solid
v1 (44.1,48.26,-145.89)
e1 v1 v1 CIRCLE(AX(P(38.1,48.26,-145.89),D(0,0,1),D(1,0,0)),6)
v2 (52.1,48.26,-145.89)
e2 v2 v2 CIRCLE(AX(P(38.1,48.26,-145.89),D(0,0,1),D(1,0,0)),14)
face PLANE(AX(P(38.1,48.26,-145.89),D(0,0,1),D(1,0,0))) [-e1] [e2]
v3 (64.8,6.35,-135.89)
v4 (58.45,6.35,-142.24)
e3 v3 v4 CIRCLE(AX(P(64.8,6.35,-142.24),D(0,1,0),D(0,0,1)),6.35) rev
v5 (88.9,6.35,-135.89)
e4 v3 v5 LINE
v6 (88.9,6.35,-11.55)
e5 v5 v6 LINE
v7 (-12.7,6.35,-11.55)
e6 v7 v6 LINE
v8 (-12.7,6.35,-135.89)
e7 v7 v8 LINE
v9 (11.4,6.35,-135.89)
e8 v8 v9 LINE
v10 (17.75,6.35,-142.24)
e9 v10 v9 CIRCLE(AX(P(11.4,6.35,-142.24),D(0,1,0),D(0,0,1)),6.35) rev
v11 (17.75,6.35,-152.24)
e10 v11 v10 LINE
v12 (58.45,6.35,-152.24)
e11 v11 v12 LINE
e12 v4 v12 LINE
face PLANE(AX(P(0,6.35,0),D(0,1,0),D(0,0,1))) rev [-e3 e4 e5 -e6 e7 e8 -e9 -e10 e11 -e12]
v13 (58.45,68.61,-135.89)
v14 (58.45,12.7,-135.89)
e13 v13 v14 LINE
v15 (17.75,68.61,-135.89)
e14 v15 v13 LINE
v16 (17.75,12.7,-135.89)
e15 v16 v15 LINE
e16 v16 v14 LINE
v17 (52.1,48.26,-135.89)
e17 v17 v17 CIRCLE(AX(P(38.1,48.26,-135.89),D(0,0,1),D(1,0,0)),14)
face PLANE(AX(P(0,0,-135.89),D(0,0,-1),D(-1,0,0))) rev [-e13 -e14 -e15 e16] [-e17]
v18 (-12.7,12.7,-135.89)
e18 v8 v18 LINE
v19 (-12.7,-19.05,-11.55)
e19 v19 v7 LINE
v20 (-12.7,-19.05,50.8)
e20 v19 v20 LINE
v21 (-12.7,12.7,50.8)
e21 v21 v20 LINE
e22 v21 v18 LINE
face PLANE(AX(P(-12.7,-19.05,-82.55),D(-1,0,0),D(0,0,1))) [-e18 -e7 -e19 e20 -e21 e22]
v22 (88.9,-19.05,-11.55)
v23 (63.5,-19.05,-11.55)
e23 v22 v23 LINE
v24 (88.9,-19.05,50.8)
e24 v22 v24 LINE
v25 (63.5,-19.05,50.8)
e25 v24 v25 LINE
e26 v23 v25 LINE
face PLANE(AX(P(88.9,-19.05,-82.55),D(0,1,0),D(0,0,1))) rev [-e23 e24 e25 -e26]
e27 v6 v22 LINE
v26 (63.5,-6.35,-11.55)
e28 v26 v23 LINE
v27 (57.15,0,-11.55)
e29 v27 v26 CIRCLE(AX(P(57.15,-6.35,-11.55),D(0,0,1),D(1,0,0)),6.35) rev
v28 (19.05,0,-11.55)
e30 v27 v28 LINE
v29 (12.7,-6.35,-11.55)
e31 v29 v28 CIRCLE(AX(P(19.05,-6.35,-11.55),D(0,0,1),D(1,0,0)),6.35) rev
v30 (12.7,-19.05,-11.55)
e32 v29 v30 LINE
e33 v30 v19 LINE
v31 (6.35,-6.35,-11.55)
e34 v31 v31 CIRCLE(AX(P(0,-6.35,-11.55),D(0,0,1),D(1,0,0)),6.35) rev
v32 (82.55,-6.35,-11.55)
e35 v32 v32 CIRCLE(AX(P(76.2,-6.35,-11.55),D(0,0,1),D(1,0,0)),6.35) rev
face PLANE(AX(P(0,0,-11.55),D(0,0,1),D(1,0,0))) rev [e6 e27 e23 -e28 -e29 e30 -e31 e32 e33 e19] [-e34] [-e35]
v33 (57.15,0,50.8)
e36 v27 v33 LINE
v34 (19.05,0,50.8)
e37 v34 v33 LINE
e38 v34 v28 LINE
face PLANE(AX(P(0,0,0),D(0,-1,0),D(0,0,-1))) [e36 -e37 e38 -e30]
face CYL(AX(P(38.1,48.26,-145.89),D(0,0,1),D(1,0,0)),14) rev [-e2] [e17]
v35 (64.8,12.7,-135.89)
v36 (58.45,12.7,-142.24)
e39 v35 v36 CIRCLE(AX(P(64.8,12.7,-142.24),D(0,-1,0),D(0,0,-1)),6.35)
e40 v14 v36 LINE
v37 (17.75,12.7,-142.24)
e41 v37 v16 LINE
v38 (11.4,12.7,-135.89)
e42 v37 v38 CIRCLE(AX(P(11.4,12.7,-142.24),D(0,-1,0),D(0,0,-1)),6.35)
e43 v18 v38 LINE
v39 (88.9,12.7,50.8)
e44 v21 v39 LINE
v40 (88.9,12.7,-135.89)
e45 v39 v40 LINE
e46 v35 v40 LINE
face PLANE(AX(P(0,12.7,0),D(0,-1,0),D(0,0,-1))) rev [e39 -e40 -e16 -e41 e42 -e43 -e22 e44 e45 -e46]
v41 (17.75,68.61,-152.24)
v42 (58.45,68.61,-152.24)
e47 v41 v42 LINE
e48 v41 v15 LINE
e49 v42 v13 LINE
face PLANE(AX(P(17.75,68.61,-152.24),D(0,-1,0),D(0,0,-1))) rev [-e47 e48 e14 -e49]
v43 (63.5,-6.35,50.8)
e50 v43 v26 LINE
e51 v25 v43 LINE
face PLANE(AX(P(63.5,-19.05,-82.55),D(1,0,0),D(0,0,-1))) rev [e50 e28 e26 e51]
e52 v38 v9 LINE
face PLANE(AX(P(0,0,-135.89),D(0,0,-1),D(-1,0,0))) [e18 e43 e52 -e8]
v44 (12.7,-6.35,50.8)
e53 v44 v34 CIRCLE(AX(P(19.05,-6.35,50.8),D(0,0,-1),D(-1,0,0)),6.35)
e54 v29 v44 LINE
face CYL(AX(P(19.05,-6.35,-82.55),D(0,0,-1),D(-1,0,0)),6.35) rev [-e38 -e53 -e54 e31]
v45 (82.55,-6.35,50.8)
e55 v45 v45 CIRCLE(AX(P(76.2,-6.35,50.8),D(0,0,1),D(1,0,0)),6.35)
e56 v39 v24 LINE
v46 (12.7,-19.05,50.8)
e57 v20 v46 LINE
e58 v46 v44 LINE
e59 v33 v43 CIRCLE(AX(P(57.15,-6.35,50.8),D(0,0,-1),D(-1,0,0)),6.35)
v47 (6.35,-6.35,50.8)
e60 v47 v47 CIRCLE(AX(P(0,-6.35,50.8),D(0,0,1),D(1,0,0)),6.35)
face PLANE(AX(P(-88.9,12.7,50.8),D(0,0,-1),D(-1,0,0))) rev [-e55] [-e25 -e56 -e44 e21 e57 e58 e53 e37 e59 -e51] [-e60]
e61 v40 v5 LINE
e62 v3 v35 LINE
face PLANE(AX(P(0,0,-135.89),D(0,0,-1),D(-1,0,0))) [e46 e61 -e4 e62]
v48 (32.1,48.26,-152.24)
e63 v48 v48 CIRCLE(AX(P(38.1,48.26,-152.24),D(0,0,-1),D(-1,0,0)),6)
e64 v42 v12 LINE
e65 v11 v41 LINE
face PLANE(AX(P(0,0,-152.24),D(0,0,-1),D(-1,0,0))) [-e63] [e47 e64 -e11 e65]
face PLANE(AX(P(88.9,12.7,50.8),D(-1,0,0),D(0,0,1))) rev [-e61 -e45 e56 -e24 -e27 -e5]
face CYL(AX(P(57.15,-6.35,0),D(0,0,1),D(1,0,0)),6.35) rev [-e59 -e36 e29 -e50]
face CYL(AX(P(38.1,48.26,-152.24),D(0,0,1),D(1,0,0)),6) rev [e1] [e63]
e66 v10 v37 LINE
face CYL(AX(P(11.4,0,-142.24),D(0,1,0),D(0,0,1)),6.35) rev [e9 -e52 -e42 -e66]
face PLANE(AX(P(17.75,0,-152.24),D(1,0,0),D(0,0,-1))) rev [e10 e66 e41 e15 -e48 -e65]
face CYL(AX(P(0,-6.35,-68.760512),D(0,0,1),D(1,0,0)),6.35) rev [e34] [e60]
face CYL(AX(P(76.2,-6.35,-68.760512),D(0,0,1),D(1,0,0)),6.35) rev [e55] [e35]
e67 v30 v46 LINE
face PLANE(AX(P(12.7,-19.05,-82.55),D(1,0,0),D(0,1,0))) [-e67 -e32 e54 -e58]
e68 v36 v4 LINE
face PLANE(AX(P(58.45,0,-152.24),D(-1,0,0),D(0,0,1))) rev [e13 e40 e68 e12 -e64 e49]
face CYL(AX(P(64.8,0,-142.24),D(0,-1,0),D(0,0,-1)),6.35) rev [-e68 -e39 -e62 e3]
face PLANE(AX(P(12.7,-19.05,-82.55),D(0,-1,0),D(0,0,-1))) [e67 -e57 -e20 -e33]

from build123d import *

# Parameters (mm, degrees)
SKETCH1_W               = 177.8
SKETCH1_H               = 101.6
BOSS_EXTRUDE1_DEPTH     = 12.7
SKETCH2_W               = 25.4
SKETCH2_H               = 19.05
BOSS_EXTRUDE2_DEPTH     = 101.6
SKETCH3_R               = 6.35
CUT_EXTRUDE1_DEPTH      = 101.6
SKETCH4_W               = 25.4
SKETCH4_H               = 19.05
BOSS_EXTRUDE3_DEPTH     = 101.6
SKETCH5_R               = 6.35
CUT_EXTRUDE2_DEPTH      = 101.6
SKETCH6_W               = 76.2
SKETCH6_H               = 31.75
CUT_EXTRUDE3_DEPTH      = 101.6
FILLET1_R               = 6.35
SKETCH8_W               = 101.6
SKETCH8_H               = 12.7
BOSS_EXTRUDE5_DEPTH     = 85.09
SKETCH9_W               = 40.7
SKETCH9_H               = 68.61
SKETCH9_R               = 6
BOSS_EXTRUDE6_DEPTH     = 16.35
SKETCH10_R              = 14
CUT_EXTRUDE4_DEPTH      = 10
FILLET2_R               = 6.35
SKETCH11_W              = 105.926535366
SKETCH11_H              = 109.219193109
CUT_EXTRUDE5_DEPTH      = 6.35
FILLET3_R               = 3.175
SKETCH12_W              = 101.6
SKETCH12_H              = 25.4
CUT_EXTRUDE6_DEPTH      = 3.175
CUT_EXTRUDE6_DEPTH_BACK = 39.25


with BuildPart() as part:
    # Sketch1 → Boss-Extrude1 (new body)
    with BuildSketch(Plane(origin=(0, 0, 0), x_dir=(1, 0, 0), z_dir=(0, 1, 0))):
        Rectangle(SKETCH1_W, SKETCH1_H)
    extrude(amount=BOSS_EXTRUDE1_DEPTH)

    # Sketch2 → Boss-Extrude2 (add)
    with BuildSketch(Plane.XY.offset(50.8)):
        with Locations((0, -9.525)):
            Rectangle(SKETCH2_W, SKETCH2_H)
    extrude(amount=-BOSS_EXTRUDE2_DEPTH)

    # Sketch3 → Cut-Extrude1 (cut)
    with BuildSketch(Plane.XY.offset(50.8)):
        with Locations((0, -6.35)):
            Circle(SKETCH3_R)
    extrude(amount=-CUT_EXTRUDE1_DEPTH, mode=Mode.SUBTRACT)

    # Sketch4 → Boss-Extrude3 (add)
    with BuildSketch(Plane.XY.offset(50.8)):
        with Locations((-76.2, -9.525)):
            Rectangle(SKETCH4_W, SKETCH4_H)
    boss_extrude3 = extrude(amount=-BOSS_EXTRUDE3_DEPTH)

    # Mirror1: Boss-Extrude3 across plane
    add(boss_extrude3.mirror(Plane(origin=(0, 0, 0), x_dir=(0, 0, 1), z_dir=(1, 0, 0))))

    # Sketch5 → Cut-Extrude2 (cut)
    with BuildSketch(Plane.XY.offset(50.8)):
        with Locations((-76.2, -6.35)):
            Circle(SKETCH5_R)
        with Locations((76.2, -6.35)):
            Circle(SKETCH5_R)
    extrude(amount=-CUT_EXTRUDE2_DEPTH, mode=Mode.SUBTRACT)

    # Sketch6 → Cut-Extrude3 (cut)
    with BuildSketch(Plane(origin=(0, 0, -50.8), x_dir=(-1, 0, 0), z_dir=(0, 0, -1))):
        with Locations((50.8, -3.175)):
            Rectangle(SKETCH6_W, SKETCH6_H)
    extrude(amount=-CUT_EXTRUDE3_DEPTH, mode=Mode.SUBTRACT)

    # Fillet1
    fillet1_edges = [part.edges().sort_by_distance(p)[0] for p in [
        (12.7, 0, 0),
        (63.5, 0, 0),
    ]]
    fillet(fillet1_edges, radius=FILLET1_R)

    # Sketch8 → Boss-Extrude5 (add)
    with BuildSketch(Plane(origin=(0, 0, -50.8), x_dir=(-1, 0, 0), z_dir=(0, 0, -1))):
        with Locations((-38.1, 6.35)):
            Rectangle(SKETCH8_W, SKETCH8_H)
    extrude(amount=BOSS_EXTRUDE5_DEPTH)

    # Sketch9 → Boss-Extrude6 (add)
    with BuildSketch(Plane(origin=(0, 0, -135.89), x_dir=(-1, 0, 0), z_dir=(0, 0, -1))):
        with Locations((-38.1, 34.305)):
            Rectangle(SKETCH9_W, SKETCH9_H)
        with Locations((-38.1, 48.26)):
            Circle(SKETCH9_R, mode=Mode.SUBTRACT)
    extrude(amount=BOSS_EXTRUDE6_DEPTH)

    # Sketch10 → Cut-Extrude4 (cut)
    with BuildSketch(Plane.XY.offset(-135.89)):
        with Locations((38.1, 48.26)):
            Circle(SKETCH10_R)
    extrude(amount=-CUT_EXTRUDE4_DEPTH, mode=Mode.SUBTRACT)

    # Fillet2
    fillet2_edges = [part.edges().sort_by_distance(p)[0] for p in [
        (58.45, 6.35, -135.89),
        (17.75, 6.35, -135.89),
    ]]
    fillet(fillet2_edges, radius=FILLET2_R)

    # Sketch11 → Cut-Extrude5 (cut)
    with BuildSketch(Plane.XZ):
        with Locations((35.936732317, -105.409596555)):
            Rectangle(SKETCH11_W, SKETCH11_H)
    extrude(amount=-CUT_EXTRUDE5_DEPTH, mode=Mode.SUBTRACT)

    # Fillet3
    fillet3_edges = [part.edges().sort_by_distance(p)[0] for p in [
        (38.1, 6.35, -50.8),
    ]]
    fillet(fillet3_edges, radius=FILLET3_R)

    # Sketch12 → Cut-Extrude6 (cut, two sides)
    with BuildSketch(Plane(origin=(0, 0, -50.8), x_dir=(-1, 0, 0), z_dir=(0, 0, -1))) as cut_extrude6_sk:
        with Locations((-38.1, -6.35)):
            Rectangle(SKETCH12_W, SKETCH12_H)
    extrude(amount=CUT_EXTRUDE6_DEPTH, mode=Mode.SUBTRACT)
    extrude(cut_extrude6_sk.sketch, amount=-CUT_EXTRUDE6_DEPTH_BACK, mode=Mode.SUBTRACT)


solid = part.part
